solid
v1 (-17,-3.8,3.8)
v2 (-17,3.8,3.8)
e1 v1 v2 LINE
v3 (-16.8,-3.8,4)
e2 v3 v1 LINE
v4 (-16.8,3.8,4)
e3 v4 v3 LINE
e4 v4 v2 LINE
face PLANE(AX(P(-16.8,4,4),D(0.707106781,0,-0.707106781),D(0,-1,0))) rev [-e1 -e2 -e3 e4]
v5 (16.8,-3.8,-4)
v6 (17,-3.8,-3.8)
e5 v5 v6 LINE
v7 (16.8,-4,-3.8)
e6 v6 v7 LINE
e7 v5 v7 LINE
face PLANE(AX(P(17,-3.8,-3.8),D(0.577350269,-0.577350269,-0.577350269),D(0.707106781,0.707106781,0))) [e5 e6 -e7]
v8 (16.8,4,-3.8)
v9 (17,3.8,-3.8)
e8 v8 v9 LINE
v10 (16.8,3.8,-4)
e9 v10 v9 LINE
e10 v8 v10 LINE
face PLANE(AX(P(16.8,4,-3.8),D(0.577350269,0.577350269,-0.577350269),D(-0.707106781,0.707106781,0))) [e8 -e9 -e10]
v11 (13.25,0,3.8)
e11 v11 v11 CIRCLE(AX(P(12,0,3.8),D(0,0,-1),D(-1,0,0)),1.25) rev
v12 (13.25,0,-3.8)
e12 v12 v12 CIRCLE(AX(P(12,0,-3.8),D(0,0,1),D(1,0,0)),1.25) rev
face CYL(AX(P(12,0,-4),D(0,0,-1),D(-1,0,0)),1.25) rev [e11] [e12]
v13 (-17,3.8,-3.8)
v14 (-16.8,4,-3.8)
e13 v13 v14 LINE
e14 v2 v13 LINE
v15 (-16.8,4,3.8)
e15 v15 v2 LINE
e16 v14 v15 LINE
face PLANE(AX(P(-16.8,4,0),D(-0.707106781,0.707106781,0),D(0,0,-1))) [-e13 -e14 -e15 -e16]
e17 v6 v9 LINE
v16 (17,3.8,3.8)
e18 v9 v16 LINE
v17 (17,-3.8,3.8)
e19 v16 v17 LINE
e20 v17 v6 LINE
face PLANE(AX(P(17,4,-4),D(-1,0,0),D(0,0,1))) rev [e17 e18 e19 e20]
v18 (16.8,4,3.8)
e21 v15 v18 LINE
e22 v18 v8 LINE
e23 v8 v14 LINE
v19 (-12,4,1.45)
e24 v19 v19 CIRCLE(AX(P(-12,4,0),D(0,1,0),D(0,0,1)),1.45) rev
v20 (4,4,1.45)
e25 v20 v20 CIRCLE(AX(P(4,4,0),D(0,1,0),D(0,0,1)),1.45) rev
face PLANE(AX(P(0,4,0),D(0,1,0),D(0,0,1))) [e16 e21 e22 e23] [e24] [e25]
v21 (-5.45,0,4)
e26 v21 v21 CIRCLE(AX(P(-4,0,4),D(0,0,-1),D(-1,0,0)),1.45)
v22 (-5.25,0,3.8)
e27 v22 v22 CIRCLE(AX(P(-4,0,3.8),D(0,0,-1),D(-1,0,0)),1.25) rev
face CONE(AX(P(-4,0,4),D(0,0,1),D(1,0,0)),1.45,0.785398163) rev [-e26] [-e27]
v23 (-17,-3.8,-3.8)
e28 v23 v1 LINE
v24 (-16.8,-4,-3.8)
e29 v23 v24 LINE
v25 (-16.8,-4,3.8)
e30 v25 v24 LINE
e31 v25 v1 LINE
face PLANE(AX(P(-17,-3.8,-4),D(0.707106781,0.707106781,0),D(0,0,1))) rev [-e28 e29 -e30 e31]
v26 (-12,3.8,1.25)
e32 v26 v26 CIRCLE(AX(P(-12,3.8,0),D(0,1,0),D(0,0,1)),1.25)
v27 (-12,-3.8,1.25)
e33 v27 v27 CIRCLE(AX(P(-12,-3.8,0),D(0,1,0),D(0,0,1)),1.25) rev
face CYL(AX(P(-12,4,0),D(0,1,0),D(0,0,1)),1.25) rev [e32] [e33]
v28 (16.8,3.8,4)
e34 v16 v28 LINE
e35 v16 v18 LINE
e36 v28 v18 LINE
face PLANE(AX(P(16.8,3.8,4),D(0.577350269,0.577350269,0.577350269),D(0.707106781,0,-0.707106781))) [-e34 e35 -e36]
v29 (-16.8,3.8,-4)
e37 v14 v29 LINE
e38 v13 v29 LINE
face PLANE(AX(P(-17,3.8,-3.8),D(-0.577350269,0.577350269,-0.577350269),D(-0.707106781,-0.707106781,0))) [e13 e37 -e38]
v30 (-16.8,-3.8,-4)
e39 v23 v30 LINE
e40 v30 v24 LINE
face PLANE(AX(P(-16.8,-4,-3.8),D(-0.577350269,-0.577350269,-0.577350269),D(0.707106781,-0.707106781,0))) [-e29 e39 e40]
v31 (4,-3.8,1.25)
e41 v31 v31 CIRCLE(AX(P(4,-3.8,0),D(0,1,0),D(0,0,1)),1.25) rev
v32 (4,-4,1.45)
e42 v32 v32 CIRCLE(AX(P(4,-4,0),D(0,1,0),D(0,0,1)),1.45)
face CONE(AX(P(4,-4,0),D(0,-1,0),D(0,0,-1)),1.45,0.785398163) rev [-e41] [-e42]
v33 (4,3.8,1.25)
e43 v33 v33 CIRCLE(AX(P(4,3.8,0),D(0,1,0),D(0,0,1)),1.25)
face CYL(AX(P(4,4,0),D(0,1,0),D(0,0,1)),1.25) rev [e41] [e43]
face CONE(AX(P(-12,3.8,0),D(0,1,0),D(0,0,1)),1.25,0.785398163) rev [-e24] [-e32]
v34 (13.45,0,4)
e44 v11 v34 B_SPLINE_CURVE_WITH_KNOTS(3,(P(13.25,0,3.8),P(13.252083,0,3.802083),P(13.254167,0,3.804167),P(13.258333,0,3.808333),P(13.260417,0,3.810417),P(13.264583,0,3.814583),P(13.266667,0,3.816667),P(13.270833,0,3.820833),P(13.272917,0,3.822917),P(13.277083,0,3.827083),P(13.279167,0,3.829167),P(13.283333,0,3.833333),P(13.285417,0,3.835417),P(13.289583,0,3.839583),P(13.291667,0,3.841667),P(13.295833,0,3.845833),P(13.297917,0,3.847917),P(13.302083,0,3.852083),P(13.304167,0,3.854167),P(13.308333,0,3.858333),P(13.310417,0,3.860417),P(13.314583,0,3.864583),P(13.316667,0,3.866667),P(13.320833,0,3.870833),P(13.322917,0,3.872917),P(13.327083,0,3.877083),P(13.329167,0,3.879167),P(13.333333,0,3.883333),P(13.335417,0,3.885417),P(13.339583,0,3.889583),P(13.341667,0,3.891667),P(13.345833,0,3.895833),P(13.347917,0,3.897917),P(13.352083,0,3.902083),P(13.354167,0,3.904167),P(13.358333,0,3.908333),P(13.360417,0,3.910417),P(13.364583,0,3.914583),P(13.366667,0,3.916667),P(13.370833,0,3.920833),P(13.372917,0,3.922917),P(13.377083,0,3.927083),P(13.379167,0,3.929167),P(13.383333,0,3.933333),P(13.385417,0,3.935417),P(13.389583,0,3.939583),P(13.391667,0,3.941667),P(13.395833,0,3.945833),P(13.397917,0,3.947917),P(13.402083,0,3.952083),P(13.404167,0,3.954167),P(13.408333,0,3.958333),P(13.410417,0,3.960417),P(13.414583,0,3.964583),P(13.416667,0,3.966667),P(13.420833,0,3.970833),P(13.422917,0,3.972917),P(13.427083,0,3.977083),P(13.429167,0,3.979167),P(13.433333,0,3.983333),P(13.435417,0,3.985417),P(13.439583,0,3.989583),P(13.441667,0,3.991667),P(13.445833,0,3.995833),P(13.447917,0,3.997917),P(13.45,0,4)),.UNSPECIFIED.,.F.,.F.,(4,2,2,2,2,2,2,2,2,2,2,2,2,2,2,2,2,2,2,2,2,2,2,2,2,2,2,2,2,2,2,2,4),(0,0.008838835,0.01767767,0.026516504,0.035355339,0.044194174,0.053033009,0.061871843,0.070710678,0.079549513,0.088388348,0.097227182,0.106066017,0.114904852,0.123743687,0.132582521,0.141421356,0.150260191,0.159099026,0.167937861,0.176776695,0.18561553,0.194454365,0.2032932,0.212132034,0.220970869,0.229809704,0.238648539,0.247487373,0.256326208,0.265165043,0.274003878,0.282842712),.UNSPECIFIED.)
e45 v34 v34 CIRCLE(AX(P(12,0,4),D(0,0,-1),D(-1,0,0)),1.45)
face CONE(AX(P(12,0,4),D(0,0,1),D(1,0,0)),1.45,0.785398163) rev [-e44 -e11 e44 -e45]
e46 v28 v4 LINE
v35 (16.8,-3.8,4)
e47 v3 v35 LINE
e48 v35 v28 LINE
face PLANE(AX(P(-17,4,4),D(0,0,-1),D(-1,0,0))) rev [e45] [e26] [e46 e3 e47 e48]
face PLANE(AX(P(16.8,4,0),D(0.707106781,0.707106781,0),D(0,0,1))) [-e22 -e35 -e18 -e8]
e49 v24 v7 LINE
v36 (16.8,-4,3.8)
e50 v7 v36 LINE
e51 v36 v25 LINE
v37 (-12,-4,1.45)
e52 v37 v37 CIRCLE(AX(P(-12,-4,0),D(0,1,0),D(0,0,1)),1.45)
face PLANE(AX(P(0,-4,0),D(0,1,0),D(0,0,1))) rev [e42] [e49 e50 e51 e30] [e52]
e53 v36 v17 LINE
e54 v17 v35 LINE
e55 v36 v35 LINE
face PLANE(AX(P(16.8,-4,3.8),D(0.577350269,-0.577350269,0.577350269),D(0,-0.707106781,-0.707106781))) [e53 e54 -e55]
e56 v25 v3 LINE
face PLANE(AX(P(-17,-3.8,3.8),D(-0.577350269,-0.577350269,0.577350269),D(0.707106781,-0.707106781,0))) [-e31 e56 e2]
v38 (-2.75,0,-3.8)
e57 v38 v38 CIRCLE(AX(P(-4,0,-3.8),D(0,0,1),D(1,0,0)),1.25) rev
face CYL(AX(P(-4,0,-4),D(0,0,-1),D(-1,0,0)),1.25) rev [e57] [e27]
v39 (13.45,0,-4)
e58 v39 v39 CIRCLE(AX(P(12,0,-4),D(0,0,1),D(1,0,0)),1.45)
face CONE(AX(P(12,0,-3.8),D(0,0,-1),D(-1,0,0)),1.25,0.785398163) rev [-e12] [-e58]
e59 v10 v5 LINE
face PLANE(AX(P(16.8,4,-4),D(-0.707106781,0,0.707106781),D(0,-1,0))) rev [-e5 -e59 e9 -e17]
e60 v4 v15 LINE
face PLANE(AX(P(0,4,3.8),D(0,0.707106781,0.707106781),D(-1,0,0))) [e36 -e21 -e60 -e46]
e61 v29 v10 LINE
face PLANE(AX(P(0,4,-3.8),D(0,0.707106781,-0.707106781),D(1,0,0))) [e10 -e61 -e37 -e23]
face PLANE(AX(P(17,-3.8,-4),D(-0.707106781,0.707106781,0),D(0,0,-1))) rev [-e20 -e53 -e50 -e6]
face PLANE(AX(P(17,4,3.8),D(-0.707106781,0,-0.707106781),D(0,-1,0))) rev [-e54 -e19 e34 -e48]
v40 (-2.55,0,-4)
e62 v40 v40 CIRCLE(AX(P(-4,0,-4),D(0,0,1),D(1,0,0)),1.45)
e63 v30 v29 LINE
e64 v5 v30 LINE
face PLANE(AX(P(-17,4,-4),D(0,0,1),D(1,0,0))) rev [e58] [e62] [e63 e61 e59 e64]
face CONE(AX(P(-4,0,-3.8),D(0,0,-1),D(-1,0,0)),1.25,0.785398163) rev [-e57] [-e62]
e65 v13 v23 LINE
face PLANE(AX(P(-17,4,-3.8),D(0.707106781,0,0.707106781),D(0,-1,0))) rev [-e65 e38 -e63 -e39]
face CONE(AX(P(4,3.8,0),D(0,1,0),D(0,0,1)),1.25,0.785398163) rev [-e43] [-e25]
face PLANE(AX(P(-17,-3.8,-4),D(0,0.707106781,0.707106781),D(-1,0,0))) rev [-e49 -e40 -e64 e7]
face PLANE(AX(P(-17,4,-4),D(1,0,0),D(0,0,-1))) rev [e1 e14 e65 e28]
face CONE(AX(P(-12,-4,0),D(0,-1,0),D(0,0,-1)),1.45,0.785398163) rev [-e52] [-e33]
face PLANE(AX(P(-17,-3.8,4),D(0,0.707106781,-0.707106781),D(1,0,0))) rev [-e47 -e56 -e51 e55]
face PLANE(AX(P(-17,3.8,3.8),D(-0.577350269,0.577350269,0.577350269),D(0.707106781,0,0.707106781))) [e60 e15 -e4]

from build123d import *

# Parameters (mm, degrees)
SKETCH_1_W         = 34
SKETCH_1_H         = 8
EXTRUDE_1_DEPTH    = 4
HOLE_WIZARD_M3_1_D = 2.5
HOLE_WIZARD_M3_2_D = 2.5
CHAMFER_1_SIZE     = 0.2


with BuildPart() as part:
    # 草图1 → 凸台-拉伸1 (new, symmetric)
    with BuildSketch(Plane(origin=(0, 0, 0), x_dir=(1, 0, 0), z_dir=(0, 1, 0))):
        Rectangle(SKETCH_1_W, SKETCH_1_H)
    extrude(amount=EXTRUDE_1_DEPTH, both=True)

    # M3 螺纹孔1 (through all)
    with Locations(Plane(origin=(0, 4, 0), x_dir=(1, 0, 0), z_dir=(0, 1, 0))):
        with Locations((-12, 0), (4, 0)):
            Hole(HOLE_WIZARD_M3_1_D / 2)

    # M3 螺纹孔2 (through all)
    with Locations(Plane(origin=(0, 0, -4), x_dir=(-1, 0, 0), z_dir=(0, 0, -1))):
        with Locations((-12, 0), (4, 0)):
            Hole(HOLE_WIZARD_M3_2_D / 2)

    # 倒角1
    chamfer_1_edges = [part.edges().sort_by_distance(p)[0] for p in [
        (-17, 4, 0),
        (5.25, 4, 0),
        (5.25, -4, 0),
        (0, 4, 4),
        (-10.75, 4, 0),
        (-10.75, -4, 0),
        (-5.25, 0, -4),
        (-5.25, 0, 4),
        (10.75, 0, -4),
        (10.75, 0, 4),
        (17, 4, 0),
        (0, -4, 4),
        (-17, -4, 0),
        (0, -4, -4),
        (17, -4, 0),
        (17, 0, 4),
        (-17, 0, 4),
        (-17, 0, -4),
        (17, 0, -4),
        (0, 4, -4),
    ]]
    chamfer(chamfer_1_edges, length=CHAMFER_1_SIZE)


solid = part.part
